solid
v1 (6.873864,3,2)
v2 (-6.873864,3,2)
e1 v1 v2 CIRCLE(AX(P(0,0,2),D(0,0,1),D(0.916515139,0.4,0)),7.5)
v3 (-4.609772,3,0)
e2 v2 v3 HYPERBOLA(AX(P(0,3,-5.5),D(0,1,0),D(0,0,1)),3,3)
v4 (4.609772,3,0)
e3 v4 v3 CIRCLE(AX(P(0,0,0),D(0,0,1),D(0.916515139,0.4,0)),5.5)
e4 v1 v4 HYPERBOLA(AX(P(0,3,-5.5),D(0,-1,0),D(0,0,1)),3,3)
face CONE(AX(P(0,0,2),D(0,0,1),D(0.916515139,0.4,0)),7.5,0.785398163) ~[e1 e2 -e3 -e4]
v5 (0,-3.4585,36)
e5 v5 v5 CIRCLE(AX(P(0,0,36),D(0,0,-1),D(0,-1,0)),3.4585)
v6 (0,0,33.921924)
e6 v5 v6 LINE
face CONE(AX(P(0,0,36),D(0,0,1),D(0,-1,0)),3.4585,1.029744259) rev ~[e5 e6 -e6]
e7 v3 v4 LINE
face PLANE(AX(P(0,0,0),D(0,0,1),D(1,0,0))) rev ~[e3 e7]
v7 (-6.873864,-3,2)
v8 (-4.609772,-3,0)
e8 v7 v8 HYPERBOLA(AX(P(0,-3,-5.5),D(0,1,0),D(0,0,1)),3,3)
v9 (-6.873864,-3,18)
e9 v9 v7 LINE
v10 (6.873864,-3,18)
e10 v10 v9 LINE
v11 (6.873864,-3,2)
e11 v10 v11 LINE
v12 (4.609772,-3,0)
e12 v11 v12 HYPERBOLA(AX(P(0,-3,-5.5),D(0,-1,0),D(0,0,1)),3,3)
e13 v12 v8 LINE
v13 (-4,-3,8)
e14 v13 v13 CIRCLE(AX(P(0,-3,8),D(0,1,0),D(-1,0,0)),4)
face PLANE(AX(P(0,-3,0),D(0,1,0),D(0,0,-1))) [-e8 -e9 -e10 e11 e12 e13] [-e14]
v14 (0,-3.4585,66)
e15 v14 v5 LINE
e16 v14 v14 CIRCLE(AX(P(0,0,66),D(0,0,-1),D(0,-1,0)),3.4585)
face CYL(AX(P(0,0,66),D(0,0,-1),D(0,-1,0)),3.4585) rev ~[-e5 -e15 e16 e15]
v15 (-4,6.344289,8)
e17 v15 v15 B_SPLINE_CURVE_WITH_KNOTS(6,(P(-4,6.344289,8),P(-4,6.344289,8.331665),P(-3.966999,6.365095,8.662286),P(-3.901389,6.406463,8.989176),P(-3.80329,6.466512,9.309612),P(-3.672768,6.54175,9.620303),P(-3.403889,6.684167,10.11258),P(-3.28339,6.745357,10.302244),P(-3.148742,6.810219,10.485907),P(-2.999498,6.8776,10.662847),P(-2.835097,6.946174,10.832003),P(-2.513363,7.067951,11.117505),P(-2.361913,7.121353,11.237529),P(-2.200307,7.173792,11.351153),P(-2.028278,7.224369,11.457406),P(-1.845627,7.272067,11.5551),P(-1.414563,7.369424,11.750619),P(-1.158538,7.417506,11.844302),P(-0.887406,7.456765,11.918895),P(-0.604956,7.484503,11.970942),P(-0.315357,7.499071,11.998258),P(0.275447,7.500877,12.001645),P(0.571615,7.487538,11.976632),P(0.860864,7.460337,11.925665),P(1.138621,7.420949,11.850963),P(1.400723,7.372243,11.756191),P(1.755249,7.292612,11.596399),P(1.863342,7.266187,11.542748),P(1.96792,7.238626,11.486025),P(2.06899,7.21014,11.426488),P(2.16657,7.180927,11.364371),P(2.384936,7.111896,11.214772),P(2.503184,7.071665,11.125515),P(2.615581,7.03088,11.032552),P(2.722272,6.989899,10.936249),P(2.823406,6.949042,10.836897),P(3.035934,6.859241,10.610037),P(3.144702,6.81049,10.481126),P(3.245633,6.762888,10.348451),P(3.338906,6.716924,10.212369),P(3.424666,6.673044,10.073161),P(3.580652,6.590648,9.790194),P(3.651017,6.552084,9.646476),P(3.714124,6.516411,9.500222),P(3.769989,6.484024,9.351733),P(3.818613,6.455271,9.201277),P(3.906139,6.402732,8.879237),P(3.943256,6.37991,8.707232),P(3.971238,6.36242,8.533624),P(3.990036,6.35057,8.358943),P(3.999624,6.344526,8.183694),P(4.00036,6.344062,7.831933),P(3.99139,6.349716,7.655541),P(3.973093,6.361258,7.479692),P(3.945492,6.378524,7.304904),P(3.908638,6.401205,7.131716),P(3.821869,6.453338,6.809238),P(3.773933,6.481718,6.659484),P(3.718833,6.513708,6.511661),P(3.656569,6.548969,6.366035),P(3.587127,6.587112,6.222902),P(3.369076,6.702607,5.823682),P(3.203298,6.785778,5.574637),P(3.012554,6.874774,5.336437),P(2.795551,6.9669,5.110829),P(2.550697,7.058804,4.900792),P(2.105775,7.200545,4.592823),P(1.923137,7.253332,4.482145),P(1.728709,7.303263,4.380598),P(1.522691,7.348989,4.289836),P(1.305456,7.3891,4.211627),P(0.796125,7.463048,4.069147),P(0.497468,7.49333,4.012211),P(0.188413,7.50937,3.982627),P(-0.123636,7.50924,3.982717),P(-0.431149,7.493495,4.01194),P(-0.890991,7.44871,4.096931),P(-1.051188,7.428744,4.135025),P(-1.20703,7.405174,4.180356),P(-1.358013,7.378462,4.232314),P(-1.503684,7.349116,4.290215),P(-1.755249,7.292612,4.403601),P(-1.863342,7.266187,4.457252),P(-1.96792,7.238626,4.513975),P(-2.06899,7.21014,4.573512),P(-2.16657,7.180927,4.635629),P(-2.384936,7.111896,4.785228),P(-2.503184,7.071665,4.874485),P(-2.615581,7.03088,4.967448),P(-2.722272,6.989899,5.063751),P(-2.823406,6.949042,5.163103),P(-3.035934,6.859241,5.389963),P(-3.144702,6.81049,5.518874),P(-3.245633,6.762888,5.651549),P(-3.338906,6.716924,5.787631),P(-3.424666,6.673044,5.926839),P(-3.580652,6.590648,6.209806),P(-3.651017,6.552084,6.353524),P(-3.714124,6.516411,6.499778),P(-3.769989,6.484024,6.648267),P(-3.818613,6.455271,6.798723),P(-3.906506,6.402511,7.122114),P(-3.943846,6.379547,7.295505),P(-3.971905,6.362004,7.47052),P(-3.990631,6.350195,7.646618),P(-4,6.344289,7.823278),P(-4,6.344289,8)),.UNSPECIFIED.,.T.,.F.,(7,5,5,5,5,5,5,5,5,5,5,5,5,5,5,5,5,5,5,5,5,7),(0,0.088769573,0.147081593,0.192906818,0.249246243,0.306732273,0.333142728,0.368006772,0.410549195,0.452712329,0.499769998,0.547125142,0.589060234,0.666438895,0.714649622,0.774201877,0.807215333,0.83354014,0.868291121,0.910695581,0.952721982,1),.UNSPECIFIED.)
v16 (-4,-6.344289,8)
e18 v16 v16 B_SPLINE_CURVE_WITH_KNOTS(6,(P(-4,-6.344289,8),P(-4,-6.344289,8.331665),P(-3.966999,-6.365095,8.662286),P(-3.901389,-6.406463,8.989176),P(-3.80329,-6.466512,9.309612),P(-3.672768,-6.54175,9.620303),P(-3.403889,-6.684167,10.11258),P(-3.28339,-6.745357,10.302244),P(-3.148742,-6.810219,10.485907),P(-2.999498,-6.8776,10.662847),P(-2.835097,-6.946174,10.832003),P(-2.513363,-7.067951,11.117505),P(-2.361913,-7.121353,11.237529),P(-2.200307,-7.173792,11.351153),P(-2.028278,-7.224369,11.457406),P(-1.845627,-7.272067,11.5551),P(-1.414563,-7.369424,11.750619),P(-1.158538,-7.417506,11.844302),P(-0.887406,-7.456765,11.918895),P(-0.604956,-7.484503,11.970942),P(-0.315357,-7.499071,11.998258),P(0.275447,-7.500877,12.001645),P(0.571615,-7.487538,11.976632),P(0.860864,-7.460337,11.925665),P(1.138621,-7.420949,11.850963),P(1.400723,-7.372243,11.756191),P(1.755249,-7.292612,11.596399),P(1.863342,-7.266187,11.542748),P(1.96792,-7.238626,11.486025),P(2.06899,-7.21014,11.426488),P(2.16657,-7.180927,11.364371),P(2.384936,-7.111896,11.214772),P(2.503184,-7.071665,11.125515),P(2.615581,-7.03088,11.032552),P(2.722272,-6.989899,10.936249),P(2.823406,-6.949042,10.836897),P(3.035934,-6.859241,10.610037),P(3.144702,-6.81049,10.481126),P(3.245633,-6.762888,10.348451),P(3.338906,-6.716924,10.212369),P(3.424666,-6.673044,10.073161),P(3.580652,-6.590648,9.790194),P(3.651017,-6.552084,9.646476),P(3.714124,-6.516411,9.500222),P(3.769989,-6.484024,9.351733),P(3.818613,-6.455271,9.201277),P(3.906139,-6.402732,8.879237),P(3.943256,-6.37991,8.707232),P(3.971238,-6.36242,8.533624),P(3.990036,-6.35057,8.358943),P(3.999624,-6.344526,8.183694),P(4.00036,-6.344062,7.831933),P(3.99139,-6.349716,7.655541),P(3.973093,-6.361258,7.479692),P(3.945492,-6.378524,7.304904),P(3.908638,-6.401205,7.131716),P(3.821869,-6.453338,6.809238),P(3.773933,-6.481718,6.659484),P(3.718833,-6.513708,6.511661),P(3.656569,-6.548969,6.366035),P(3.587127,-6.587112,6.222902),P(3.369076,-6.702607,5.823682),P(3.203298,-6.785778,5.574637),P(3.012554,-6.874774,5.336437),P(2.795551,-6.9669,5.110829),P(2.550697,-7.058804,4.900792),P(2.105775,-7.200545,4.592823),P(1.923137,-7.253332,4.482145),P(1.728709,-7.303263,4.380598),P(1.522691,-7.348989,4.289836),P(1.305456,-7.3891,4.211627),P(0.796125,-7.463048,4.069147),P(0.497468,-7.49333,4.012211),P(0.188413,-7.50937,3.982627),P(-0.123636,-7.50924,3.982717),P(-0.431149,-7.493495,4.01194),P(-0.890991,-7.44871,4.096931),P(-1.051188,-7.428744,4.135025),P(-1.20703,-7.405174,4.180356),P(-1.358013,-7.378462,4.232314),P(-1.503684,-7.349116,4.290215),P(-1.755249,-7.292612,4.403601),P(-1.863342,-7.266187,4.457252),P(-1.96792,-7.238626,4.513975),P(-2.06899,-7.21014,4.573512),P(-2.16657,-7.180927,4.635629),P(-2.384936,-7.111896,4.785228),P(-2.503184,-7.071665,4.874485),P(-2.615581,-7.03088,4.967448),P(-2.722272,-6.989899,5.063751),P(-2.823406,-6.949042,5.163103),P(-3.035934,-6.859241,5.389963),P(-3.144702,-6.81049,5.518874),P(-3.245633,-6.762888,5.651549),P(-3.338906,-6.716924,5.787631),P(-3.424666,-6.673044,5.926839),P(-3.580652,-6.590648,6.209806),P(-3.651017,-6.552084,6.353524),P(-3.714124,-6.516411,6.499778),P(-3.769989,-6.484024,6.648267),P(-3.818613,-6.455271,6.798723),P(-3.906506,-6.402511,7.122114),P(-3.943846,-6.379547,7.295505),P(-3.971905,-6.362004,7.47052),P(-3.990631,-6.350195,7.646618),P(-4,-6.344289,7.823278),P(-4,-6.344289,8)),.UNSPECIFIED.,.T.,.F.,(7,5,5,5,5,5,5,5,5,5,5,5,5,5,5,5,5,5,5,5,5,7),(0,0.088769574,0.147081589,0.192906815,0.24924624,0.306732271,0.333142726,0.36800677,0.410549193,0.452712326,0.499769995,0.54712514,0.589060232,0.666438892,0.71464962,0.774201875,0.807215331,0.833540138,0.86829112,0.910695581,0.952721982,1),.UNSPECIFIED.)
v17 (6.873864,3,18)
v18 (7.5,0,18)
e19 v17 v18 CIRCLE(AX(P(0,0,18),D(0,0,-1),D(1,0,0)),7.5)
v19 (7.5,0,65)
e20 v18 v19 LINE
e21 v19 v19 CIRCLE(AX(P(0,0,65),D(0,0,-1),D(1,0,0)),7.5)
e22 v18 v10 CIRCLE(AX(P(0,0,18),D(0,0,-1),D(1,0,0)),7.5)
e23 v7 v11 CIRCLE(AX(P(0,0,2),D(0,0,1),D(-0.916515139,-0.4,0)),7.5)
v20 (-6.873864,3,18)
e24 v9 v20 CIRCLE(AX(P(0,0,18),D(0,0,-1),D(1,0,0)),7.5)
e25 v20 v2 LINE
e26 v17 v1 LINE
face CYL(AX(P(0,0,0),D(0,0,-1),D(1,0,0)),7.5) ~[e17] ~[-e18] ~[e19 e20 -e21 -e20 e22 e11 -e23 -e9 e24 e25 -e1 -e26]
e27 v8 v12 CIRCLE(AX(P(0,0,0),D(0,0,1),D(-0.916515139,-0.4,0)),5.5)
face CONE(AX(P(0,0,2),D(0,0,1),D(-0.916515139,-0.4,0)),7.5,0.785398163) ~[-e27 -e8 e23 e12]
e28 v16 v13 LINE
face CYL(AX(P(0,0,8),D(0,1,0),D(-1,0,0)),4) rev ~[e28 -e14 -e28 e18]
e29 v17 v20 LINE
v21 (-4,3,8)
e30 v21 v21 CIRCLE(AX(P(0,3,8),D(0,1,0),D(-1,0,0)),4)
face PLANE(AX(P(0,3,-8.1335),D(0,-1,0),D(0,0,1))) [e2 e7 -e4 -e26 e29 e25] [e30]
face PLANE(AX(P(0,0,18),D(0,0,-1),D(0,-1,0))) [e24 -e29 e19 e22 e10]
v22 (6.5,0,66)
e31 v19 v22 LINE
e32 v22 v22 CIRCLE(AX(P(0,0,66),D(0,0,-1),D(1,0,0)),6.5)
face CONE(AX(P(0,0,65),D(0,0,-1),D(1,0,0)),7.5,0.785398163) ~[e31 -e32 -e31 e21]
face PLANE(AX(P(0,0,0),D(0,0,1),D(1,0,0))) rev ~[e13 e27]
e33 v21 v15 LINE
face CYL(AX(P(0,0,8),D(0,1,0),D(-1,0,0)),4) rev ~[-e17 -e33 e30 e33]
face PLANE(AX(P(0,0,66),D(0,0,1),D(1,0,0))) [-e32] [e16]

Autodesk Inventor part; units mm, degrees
ref_plane "YZ Plane" through (0, 0, 0) normal (1, 0, 0) x (0, 1, 0)
ref_plane "XZ Plane" through (0, 0, 0) normal (0, 1, 0) x (-1, 0, 0)
ref_plane "XY Plane" through (0, 0, 0) normal (0, 0, 1) x (1, 0, 0)
sketch "Sketch1" plane through (0, 0, 0) normal (0, 0, 1) x (1, 0, 0)
  line L0 (0, 12) -> (0, -9) projected
  line L1 (-9, 0) -> (12, 0) projected
  circle A0 centre (0, 0) radius 7.5
  dimension "d0" = 15
extrude "Extrusion1" add sketch "Sketch1" along normal blind 66
sketch "Sketch2" plane through (0, 0, 0) normal (1, 0, 0) x (0, 1, 0)
  line L0 (-3, -8.1335) -> (3, -8.1335)
  line L1 (3, -8.1335) -> (3, 18)
  line L2 (3, 18) -> (-3, 18)
  line L3 (-3, 18) -> (-3, -8.1335)
  line L4 (0, 88.24) -> (0, -15.5468) projected
  line L5 (-7.5, 0) -> (7.5, 0) projected
  dimension "d3" = 6
  dimension "d7" = 18
extrude "Extrusion2" cut sketch "Sketch2" along normal through all both and the other way through all
sketch "Sketch3" plane through (0, 0, 0) normal (0, 1, 0) x (-1, 0, 0)
  line L0 (0, -6.6) -> (0, 85.8) projected
  circle A0 centre (0, 8) radius 4
  line L1 (-6.8739, 0) -> (6.8739, 0) projected
  dimension "d8" = 8
  dimension "d9" = 8
extrude "Extrusion3" cut sketch "Sketch3" along normal through all both and the other way through all
chamfer "Chamfer1" distance 2 angle 45 2 edges at (0, -7.5, 0) (0, 7.5, 0)
chamfer "Chamfer2" distance 1 angle 45 1 edges at (-7.5, 0, 66)
hole "Hole1" at (0, 0, 66) direction (0, 0, -1) diameter 6.917 depth 30 tip angle 118
properties part number "Pin Pressure"
